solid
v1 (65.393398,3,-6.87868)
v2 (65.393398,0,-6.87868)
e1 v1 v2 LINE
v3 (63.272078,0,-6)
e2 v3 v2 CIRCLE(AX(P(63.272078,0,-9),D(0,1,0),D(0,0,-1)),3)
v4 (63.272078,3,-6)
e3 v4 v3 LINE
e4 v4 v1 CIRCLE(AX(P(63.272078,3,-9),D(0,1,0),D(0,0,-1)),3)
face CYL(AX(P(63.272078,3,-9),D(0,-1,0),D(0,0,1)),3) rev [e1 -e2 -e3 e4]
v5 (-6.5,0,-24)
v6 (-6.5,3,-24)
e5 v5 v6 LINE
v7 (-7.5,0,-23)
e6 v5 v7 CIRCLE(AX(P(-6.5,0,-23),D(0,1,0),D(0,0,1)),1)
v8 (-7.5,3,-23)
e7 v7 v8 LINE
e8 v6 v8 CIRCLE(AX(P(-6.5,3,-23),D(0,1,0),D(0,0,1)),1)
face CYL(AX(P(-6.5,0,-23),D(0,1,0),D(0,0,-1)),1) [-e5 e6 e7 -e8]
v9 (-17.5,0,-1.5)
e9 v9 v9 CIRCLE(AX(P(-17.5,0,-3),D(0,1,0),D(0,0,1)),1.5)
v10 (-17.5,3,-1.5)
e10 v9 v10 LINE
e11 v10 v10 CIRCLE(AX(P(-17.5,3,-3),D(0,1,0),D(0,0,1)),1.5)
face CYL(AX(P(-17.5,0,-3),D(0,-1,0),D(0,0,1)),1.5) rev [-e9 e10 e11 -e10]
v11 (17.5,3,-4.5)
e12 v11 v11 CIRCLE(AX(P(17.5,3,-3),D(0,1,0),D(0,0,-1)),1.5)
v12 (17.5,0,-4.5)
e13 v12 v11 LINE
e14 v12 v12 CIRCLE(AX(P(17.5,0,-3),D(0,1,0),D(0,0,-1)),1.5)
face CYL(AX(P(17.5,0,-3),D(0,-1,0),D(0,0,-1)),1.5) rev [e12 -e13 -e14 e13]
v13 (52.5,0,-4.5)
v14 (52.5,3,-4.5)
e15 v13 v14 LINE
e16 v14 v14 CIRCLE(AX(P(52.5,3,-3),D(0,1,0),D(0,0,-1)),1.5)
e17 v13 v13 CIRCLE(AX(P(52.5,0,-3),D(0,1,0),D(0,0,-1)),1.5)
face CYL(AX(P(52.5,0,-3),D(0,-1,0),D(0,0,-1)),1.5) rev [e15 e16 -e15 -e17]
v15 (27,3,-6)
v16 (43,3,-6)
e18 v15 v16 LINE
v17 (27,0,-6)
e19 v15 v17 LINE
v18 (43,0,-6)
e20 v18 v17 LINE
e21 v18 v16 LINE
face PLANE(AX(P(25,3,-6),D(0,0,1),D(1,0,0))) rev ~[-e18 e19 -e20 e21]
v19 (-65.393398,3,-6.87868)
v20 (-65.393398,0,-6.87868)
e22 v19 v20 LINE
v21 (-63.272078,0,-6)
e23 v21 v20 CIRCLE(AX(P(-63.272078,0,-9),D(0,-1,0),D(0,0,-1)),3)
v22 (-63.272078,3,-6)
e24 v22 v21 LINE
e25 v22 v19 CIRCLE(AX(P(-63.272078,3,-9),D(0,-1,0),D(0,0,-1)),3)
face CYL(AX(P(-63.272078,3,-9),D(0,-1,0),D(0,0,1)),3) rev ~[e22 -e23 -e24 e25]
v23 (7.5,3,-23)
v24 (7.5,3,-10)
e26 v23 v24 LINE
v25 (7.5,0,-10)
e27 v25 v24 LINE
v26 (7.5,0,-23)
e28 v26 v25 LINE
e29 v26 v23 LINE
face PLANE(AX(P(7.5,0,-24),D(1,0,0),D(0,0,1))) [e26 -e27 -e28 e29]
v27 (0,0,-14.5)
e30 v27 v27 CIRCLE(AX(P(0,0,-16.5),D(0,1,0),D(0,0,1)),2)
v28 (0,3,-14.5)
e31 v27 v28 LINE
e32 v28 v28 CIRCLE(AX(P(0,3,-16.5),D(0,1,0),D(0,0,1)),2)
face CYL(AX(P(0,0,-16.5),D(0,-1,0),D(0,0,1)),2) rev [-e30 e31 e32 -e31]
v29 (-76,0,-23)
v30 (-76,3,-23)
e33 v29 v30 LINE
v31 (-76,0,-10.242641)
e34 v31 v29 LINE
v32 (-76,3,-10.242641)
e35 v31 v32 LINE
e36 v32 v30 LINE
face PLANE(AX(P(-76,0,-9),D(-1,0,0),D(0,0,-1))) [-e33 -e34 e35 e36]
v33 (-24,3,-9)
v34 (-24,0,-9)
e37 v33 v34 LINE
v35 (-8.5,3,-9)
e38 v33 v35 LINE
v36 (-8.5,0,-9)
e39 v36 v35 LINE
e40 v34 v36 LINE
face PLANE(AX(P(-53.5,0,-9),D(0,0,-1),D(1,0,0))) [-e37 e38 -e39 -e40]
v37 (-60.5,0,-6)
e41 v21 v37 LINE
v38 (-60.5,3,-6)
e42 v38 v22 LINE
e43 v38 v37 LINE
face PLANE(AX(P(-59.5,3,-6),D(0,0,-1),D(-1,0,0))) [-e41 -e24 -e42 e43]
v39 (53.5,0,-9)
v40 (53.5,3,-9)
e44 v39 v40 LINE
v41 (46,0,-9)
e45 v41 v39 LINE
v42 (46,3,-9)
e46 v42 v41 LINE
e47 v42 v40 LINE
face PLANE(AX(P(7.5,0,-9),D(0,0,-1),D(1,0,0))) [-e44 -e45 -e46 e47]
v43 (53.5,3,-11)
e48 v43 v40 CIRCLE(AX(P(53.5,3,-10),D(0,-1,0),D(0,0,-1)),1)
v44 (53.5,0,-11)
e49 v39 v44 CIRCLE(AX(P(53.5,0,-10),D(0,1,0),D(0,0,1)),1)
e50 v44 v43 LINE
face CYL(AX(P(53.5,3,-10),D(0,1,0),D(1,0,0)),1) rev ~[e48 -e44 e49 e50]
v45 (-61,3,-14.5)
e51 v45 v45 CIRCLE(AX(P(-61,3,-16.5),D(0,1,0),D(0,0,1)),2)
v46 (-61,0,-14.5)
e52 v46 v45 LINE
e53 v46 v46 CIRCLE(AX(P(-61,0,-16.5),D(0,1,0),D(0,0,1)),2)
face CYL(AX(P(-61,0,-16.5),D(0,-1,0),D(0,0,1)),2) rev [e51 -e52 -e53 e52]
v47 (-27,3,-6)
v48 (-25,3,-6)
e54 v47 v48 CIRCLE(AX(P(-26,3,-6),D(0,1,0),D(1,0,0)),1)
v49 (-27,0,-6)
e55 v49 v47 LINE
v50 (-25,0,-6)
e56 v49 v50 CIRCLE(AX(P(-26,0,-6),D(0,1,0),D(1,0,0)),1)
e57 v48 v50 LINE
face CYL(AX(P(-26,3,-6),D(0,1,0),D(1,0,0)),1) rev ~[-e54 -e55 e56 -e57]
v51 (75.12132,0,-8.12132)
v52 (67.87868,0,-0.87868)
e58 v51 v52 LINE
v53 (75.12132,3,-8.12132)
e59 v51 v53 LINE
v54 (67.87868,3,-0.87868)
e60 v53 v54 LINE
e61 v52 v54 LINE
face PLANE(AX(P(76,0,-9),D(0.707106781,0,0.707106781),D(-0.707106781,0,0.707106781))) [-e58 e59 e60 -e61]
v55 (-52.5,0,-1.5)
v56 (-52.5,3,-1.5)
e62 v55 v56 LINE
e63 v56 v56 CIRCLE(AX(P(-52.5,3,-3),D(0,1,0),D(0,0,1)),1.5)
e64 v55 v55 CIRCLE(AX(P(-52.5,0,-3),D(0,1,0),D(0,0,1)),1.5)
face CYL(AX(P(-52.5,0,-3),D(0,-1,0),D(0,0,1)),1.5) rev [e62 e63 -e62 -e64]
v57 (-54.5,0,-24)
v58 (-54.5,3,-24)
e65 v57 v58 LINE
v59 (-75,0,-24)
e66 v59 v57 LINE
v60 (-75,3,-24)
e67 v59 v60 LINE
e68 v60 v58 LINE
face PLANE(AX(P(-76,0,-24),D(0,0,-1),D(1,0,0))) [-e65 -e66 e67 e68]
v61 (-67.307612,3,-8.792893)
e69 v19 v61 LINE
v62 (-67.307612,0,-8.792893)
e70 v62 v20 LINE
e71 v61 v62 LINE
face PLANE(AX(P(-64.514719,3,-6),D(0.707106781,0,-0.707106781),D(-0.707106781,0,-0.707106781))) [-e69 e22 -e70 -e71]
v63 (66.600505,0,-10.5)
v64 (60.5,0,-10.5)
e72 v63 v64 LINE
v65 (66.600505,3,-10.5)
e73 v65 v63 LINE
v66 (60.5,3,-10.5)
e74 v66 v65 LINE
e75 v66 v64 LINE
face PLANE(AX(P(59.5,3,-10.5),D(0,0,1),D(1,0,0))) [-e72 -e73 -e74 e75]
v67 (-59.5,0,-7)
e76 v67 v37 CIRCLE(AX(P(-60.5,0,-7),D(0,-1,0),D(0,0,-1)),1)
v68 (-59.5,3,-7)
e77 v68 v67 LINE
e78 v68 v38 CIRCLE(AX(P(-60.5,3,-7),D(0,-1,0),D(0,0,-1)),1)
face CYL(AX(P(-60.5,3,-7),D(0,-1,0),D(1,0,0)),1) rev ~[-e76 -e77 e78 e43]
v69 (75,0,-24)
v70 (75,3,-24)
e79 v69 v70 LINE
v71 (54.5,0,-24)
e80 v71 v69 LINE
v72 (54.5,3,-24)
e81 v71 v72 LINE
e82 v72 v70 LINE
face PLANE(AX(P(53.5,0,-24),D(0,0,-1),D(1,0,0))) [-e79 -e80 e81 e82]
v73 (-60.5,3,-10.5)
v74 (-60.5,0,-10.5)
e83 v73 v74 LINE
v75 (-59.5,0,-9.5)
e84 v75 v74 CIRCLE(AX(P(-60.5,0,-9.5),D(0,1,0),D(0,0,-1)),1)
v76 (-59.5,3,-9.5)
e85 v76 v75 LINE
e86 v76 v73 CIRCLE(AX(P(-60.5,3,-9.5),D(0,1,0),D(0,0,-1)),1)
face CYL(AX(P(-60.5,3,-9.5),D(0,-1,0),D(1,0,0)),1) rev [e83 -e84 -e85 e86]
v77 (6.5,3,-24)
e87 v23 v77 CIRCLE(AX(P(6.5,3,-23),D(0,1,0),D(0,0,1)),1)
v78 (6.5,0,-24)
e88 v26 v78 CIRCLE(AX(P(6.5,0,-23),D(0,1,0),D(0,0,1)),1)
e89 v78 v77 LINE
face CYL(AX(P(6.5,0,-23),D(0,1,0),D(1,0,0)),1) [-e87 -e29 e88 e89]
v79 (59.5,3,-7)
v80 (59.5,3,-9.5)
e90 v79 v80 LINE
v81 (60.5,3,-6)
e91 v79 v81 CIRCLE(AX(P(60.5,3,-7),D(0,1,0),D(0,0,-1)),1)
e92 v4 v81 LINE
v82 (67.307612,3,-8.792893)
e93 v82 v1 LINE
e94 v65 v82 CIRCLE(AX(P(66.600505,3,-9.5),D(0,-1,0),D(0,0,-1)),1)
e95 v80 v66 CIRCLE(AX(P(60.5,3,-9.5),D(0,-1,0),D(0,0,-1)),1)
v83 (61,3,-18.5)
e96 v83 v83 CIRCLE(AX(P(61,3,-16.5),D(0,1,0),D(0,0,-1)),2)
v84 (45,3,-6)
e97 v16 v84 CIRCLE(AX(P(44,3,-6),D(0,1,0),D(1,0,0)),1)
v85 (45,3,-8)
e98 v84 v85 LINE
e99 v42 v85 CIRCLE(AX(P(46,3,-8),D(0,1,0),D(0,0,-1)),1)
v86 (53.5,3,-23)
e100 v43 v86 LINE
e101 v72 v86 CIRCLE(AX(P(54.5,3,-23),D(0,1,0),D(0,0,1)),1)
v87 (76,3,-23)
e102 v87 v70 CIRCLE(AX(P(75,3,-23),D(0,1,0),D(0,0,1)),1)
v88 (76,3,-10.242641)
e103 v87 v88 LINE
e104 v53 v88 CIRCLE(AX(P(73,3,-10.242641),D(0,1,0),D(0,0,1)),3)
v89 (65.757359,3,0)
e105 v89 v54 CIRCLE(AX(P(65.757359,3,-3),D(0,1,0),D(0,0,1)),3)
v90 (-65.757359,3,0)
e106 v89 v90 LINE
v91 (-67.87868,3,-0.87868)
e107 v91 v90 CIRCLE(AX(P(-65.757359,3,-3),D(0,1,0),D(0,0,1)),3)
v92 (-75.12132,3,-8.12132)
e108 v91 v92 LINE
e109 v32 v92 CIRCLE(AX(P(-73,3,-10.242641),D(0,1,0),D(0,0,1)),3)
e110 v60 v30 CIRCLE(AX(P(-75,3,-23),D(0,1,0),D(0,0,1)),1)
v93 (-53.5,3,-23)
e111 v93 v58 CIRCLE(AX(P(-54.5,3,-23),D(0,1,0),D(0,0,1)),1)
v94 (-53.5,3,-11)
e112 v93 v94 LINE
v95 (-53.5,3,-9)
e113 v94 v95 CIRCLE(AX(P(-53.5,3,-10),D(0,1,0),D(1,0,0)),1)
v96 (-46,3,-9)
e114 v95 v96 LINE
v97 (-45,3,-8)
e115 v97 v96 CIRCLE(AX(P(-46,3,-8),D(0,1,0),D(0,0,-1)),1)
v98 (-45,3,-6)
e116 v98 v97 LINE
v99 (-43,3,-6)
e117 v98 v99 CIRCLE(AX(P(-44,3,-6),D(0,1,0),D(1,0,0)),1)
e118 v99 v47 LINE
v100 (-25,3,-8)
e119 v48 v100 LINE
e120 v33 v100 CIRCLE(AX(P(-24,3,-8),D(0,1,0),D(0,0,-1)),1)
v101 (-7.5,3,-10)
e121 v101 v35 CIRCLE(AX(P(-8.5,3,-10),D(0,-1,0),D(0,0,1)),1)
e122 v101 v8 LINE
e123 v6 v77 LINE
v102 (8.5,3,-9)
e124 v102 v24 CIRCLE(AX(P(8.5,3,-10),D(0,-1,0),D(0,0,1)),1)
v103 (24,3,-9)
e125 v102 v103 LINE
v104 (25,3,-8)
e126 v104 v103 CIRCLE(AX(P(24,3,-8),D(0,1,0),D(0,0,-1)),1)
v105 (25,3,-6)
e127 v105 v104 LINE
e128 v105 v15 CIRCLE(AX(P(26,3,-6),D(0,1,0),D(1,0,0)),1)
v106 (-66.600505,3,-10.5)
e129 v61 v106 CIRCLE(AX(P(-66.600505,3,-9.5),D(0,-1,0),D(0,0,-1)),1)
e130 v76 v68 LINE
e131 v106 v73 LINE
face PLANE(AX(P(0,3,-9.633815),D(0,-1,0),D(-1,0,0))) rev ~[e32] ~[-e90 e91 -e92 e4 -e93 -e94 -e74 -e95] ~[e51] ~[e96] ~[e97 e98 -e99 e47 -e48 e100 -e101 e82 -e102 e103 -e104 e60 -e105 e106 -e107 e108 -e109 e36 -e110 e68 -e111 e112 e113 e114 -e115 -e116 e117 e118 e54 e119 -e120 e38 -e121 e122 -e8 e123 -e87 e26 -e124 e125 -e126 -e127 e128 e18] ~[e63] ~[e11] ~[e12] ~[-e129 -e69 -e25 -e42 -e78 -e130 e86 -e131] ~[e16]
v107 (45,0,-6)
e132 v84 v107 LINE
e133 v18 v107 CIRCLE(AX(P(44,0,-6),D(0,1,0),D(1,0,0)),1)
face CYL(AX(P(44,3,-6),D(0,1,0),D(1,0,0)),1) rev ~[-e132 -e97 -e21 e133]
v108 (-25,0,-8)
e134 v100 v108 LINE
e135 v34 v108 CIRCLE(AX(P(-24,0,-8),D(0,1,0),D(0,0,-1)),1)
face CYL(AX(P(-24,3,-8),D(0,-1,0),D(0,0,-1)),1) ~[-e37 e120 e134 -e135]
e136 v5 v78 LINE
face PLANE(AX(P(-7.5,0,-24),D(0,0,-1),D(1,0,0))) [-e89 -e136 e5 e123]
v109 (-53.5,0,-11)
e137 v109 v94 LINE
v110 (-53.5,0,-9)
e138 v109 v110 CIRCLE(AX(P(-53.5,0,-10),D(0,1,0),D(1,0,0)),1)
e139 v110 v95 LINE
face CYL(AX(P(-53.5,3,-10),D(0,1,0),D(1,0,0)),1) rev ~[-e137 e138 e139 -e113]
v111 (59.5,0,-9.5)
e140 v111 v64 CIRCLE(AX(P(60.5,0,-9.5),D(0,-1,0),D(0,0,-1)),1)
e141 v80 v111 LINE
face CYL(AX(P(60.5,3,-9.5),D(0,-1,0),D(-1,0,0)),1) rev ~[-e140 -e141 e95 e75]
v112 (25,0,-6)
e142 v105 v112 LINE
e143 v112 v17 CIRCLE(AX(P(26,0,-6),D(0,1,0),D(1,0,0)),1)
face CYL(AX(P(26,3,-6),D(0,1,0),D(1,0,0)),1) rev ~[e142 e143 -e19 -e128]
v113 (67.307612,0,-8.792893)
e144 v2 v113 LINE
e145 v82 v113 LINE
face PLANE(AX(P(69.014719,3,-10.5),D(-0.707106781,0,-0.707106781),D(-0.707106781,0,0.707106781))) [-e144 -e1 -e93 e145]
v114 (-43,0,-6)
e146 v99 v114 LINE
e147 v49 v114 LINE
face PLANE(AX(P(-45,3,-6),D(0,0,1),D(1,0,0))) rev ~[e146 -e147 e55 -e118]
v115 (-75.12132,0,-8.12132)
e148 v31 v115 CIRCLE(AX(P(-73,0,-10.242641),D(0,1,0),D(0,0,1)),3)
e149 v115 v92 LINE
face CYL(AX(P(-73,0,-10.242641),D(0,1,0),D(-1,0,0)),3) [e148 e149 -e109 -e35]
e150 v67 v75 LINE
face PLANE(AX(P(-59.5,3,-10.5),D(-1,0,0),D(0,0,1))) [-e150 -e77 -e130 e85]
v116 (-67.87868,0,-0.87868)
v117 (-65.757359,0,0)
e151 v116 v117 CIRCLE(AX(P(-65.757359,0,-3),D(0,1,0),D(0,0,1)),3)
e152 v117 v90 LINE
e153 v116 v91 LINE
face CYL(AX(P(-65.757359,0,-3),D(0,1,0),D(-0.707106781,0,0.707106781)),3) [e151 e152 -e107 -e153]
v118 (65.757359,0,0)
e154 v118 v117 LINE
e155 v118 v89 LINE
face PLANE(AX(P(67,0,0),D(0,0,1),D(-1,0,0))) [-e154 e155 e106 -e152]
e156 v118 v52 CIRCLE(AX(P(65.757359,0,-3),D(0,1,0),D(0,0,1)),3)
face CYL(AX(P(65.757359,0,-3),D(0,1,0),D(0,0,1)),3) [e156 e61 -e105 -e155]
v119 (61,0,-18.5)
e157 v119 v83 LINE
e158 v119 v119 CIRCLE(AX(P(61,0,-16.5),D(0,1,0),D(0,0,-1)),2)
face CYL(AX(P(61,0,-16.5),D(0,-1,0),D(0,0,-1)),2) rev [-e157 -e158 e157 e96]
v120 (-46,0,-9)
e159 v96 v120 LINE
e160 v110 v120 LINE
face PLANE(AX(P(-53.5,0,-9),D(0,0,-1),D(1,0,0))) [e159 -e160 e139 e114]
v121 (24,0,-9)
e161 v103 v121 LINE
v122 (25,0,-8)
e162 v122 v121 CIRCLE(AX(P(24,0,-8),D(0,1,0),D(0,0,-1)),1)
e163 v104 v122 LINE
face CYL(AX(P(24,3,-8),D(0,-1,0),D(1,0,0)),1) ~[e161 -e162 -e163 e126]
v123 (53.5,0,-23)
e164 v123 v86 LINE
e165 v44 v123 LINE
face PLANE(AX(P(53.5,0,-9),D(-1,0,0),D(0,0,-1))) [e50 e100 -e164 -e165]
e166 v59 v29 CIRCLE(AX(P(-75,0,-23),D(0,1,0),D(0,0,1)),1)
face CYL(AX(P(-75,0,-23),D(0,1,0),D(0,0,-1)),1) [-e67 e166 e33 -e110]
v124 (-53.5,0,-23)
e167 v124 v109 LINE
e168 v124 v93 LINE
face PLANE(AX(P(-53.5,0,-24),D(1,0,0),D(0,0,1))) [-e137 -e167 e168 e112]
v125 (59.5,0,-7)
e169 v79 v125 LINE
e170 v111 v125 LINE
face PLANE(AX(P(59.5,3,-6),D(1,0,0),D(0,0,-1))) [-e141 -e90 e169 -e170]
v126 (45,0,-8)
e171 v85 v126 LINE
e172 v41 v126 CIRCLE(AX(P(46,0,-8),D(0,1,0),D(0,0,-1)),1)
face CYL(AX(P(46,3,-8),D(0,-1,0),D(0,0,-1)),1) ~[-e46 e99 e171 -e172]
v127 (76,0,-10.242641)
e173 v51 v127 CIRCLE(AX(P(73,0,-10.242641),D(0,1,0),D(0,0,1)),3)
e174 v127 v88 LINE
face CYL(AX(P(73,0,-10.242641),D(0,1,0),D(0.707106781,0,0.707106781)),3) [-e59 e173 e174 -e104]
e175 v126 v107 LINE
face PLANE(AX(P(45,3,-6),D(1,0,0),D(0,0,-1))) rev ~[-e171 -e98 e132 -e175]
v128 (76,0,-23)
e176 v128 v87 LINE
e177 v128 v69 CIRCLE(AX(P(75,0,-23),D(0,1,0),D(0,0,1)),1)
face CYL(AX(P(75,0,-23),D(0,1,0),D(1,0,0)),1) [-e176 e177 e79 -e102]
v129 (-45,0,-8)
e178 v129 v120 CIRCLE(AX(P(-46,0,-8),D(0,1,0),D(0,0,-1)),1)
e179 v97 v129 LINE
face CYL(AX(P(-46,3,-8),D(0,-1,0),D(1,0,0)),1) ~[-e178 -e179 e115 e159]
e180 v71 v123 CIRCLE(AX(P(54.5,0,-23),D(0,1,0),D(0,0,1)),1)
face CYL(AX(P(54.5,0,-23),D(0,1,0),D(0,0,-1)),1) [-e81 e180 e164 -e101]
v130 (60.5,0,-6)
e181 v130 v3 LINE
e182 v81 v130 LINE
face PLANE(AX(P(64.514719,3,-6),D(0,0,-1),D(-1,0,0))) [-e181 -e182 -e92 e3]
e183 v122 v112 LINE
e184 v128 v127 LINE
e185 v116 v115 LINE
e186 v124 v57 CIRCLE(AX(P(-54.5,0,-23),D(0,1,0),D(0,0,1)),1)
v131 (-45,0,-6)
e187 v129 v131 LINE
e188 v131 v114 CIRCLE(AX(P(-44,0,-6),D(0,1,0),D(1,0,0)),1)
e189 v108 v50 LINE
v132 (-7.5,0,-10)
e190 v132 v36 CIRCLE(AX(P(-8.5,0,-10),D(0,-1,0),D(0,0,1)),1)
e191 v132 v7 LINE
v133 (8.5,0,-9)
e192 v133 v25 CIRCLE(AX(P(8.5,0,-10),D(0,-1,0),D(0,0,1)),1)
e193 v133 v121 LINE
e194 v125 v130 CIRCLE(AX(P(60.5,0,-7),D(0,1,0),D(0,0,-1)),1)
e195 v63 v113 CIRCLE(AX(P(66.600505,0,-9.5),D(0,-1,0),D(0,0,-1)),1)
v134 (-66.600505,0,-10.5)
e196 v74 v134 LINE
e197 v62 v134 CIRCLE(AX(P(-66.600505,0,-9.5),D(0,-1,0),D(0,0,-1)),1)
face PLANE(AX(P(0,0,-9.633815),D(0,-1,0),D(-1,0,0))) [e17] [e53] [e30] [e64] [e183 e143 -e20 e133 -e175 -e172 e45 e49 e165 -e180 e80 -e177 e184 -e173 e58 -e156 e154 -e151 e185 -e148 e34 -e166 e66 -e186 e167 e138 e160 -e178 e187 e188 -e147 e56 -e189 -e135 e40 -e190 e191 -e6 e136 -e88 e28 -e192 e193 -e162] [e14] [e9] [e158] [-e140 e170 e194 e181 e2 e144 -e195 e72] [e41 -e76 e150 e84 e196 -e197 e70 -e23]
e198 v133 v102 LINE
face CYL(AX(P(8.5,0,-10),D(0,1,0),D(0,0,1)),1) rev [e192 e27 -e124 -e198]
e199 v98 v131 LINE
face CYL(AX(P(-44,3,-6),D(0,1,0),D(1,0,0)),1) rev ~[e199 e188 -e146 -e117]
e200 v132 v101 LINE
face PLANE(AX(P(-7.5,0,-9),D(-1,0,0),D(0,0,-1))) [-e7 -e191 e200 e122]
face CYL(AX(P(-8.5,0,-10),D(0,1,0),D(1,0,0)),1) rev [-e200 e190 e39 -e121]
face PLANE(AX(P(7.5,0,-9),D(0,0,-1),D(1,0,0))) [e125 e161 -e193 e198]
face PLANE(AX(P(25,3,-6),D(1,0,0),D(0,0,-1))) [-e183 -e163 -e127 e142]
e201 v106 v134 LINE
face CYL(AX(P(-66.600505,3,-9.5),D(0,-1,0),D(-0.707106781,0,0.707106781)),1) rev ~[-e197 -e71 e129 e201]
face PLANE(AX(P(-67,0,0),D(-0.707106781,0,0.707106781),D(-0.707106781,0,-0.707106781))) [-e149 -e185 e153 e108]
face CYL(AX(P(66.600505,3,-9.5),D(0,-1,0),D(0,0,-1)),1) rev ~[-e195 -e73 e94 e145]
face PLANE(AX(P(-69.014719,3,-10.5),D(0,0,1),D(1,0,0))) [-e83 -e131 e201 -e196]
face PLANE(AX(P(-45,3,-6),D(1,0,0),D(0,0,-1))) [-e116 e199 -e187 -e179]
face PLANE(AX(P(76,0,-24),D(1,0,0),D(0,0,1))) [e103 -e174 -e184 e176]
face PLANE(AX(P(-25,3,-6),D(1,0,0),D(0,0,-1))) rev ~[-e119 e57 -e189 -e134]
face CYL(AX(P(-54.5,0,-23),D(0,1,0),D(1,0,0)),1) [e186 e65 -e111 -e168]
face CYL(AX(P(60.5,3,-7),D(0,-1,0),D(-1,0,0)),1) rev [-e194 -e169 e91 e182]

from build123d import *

# Parameters (mm, degrees)
SKETCH_1_R          = 2
SKETCH_1_R_2        = 1.5
EXTRUDE_1_DEPTH     = 3
SKETCH_2_W          = 20
SKETCH_2_H          = 3
CUT_EXTRUDE_1_DEPTH = 80.755877526
SKETCH_3_R          = 1
CUT_EXTRUDE_2_DEPTH = 80.755877526
FILLET_1_R          = 1
FILLET_2_R          = 3


with BuildPart() as part:
    # 草图1 → 凸台-拉伸1 (new body)
    with BuildSketch(Plane(origin=(0, 0, 0), x_dir=(1, 0, 0), z_dir=(0, 1, 0))):
        Polygon((-53.5, 24), (-53.5, 9), (-7.5, 9), (-7.5, 24), (7.5, 24), (7.5, 9), (53.5, 9), (53.5, 24), (76, 24), (76, 9), (67, 0), (-67, 0), (-76, 9), (-76, 24), align=None)
        with Locations(Location((-61, 16.5, 0), (0, 0, 270))):
            Circle(SKETCH_1_R, mode=Mode.SUBTRACT)
        with Locations(Location((-52.5, 3, 0), (0, 0, 270))):
            Circle(SKETCH_1_R_2, mode=Mode.SUBTRACT)
        with Locations(Location((-17.5, 3, 0), (0, 0, 270))):
            Circle(SKETCH_1_R_2, mode=Mode.SUBTRACT)
        with Locations(Location((0, 16.5, 0), (0, 0, 270))):
            Circle(SKETCH_1_R, mode=Mode.SUBTRACT)
        with Locations(Location((17.5, 3, 0), (0, 0, 90))):
            Circle(SKETCH_1_R_2, mode=Mode.SUBTRACT)
        with Locations(Location((52.5, 3, 0), (0, 0, 90))):
            Circle(SKETCH_1_R_2, mode=Mode.SUBTRACT)
        with Locations(Location((61, 16.5, 0), (0, 0, 90))):
            Circle(SKETCH_1_R, mode=Mode.SUBTRACT)
    extrude(amount=EXTRUDE_1_DEPTH)

    # 草图2 → 切除-拉伸1 (cut, through all)
    with BuildSketch(Plane(origin=(0, 3, 0), x_dir=(1, 0, 0), z_dir=(0, 1, 0))):
        with Locations((35, 7.5)):
            Rectangle(SKETCH_2_W, SKETCH_2_H)
        with Locations((-35, 7.5)):
            Rectangle(SKETCH_2_W, SKETCH_2_H)
        Polygon((-69.014718626, 10.5), (-59.5, 10.5), (-59.5, 6), (-64.514718626, 6), align=None)
        Polygon((64.514718626, 6), (59.5, 6), (59.5, 10.5), (69.014718626, 10.5), align=None)
    extrude(amount=-CUT_EXTRUDE_1_DEPTH, mode=Mode.SUBTRACT)

    # 草图3 → 切除-拉伸2 (cut, through all)
    with BuildSketch(Plane(origin=(0, 3, 0), x_dir=(1, 0, 0), z_dir=(0, 1, 0))):
        with Locations((-53.5, 10)):
            Circle(SKETCH_3_R)
        with Locations((-44, 6)):
            Circle(SKETCH_3_R)
        with Locations((-26, 6)):
            Circle(SKETCH_3_R)
        with Locations((26, 6)):
            Circle(SKETCH_3_R)
        with Locations((44, 6)):
            Circle(SKETCH_3_R)
        with Locations((53.5, 10)):
            Circle(SKETCH_3_R)
    extrude(amount=-CUT_EXTRUDE_2_DEPTH, mode=Mode.SUBTRACT)

    # 圆角1
    fillet_1_edges = [part.edges().sort_by_distance(p)[0] for p in [
        (45, 1.5, -9),
        (25, 1.5, -9),
        (-45, 1.5, -9),
        (-25, 1.5, -9),
        (-76, 1.5, -24),
        (-53.5, 1.5, -24),
        (-7.5, 1.5, -9),
        (-7.5, 1.5, -24),
        (7.5, 1.5, -24),
        (7.5, 1.5, -9),
        (53.5, 1.5, -24),
        (76, 1.5, -24),
        (69.014718626, 1.5, -10.5),
        (59.5, 1.5, -6),
        (59.5, 1.5, -10.5),
        (-59.5, 1.5, -6),
        (-69.014718626, 1.5, -10.5),
        (-59.5, 1.5, -10.5),
    ]]
    fillet(fillet_1_edges, radius=FILLET_1_R)

    # 圆角2
    fillet_2_edges = [part.edges().sort_by_distance(p)[0] for p in [
        (76, 1.5, -9),
        (67, 1.5, 0),
        (-67, 1.5, 0),
        (-76, 1.5, -9),
        (64.514718626, 1.5, -6),
        (-64.514718626, 1.5, -6),
    ]]
    fillet(fillet_2_edges, radius=FILLET_2_R)


solid = part.part
